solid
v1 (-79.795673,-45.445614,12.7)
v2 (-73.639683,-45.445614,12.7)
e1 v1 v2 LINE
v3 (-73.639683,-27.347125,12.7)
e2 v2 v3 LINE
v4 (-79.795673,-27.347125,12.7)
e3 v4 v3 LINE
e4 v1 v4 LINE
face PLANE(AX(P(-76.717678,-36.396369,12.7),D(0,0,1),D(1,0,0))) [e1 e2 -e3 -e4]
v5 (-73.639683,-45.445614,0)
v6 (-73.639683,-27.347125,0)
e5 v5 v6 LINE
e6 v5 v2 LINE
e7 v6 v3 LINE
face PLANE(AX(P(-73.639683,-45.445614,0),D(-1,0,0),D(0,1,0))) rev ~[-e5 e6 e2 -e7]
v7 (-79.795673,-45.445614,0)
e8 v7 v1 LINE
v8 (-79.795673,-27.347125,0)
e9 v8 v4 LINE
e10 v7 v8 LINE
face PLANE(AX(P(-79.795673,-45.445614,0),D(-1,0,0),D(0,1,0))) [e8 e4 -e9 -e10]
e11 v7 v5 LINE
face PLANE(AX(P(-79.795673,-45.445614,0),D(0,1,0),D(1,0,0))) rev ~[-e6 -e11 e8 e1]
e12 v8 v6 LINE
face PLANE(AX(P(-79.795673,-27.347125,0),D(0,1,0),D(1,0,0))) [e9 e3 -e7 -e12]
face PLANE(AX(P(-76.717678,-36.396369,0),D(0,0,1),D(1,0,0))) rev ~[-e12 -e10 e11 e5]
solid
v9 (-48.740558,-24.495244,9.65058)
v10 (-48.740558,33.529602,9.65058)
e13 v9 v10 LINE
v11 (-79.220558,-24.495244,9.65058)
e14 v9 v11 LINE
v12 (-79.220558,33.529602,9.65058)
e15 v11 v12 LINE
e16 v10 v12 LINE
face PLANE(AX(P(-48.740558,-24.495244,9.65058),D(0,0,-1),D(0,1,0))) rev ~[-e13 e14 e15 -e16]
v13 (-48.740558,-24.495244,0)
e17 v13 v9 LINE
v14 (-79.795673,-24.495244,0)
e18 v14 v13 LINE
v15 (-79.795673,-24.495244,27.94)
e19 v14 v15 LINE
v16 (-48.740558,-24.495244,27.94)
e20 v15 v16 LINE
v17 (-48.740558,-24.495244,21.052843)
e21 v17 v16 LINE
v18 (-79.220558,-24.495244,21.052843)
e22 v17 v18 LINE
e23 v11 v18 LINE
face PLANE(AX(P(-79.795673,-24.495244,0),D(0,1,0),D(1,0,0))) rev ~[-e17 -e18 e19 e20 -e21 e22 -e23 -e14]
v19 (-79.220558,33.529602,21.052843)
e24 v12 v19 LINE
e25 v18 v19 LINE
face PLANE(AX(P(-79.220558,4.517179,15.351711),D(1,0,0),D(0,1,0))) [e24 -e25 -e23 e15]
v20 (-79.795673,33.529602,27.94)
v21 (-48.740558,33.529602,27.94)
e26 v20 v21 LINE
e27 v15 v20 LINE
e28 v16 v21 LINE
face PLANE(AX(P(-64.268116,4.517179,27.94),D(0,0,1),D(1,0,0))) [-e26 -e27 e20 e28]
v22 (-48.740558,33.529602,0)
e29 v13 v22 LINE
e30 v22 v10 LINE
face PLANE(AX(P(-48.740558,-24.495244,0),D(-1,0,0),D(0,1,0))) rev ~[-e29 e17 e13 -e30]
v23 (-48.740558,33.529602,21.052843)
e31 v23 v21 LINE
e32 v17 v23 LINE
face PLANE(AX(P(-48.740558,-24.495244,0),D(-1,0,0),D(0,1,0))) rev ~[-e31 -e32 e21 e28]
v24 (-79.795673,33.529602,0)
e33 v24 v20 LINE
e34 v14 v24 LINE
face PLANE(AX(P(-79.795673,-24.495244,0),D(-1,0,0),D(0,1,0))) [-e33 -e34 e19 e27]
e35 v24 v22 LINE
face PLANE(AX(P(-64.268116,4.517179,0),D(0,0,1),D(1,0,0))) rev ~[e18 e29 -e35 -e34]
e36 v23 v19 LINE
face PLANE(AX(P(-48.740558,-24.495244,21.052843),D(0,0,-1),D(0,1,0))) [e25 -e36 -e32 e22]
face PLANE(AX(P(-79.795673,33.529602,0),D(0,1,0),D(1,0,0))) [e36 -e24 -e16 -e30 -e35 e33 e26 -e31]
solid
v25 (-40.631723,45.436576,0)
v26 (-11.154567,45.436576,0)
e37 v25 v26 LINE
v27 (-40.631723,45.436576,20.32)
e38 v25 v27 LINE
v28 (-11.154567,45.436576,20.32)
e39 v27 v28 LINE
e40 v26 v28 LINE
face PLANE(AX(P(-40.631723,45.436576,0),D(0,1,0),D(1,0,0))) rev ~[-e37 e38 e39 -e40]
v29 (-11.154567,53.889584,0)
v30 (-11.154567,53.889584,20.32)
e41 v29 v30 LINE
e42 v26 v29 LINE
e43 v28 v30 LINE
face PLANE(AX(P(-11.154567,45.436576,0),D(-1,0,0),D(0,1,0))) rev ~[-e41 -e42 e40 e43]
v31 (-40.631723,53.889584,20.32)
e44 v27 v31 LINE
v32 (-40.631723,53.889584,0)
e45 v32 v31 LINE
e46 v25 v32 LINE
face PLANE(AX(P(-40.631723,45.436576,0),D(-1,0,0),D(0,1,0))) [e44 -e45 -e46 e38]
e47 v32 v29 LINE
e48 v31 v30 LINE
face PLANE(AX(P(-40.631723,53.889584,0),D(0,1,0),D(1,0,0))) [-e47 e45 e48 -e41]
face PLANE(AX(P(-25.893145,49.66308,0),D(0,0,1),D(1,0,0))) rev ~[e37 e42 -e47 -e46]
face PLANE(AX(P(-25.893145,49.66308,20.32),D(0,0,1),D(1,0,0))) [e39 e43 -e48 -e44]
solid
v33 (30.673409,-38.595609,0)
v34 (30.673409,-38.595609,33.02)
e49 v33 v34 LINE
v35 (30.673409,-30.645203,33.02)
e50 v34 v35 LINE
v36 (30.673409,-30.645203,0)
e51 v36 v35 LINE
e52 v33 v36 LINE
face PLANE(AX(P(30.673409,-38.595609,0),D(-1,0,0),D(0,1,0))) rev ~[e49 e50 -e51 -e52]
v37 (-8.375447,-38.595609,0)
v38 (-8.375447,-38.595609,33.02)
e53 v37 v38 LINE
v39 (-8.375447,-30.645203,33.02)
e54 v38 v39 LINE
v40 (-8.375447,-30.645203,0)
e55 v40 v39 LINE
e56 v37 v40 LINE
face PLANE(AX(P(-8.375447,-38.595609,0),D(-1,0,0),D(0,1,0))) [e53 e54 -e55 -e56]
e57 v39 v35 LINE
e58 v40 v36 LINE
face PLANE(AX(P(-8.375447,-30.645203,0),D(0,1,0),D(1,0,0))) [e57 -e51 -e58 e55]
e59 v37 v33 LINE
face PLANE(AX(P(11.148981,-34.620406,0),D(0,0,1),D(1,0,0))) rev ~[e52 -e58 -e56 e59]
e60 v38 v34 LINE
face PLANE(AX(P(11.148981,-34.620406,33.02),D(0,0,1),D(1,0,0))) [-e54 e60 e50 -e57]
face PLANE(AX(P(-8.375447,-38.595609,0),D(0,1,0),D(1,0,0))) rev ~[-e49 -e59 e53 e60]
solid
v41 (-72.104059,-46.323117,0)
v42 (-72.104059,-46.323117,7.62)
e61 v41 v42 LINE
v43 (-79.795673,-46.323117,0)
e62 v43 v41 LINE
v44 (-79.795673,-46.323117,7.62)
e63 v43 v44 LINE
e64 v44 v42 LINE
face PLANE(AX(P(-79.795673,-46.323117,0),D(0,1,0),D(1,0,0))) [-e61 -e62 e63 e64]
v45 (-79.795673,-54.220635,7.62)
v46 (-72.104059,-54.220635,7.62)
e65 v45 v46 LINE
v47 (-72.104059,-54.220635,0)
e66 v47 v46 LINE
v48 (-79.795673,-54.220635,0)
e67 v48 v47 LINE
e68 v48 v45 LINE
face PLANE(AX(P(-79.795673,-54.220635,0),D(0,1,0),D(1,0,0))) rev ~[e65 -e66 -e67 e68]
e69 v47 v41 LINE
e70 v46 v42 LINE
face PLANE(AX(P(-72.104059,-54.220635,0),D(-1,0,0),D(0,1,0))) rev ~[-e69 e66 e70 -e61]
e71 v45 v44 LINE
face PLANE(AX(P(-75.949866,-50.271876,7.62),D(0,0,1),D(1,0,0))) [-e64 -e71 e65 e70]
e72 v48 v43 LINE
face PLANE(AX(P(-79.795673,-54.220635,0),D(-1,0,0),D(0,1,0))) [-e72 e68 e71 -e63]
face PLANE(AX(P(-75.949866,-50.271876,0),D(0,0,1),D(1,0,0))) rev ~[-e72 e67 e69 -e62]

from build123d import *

# Parameters (mm, degrees)
F0_W     = 31.0551151633
F0_H     = 58.0248460174
F1_DEPTH = 27.94
F0_W_2   = 6.1559900641
F0_H_2   = 18.0984884501
F2_DEPTH = 12.7
F0_W_3   = 7.6916143298
F0_H_3   = 7.8975185752
F3_DEPTH = 7.62
F0_W_4   = 39.0488561243
F0_H_4   = 7.9504065216
F4_DEPTH = 33.02
F0_W_5   = 29.4771557674
F0_H_5   = 8.4530077875
F5_DEPTH = 20.32
F6_W     = 58.0248460174
F6_H     = 11.4022633061
F7_DEPTH = 30.48


with BuildPart() as f1:
    # F0 (on Top) → F1 (new body)
    with BuildSketch(Plane.XY):
        with Locations((-64.2681159079, 4.5171789825)):
            Rectangle(F0_W, F0_H)
    extrude(amount=F1_DEPTH)

    # F6 (on face) → F7 (cut)
    with BuildSketch(Plane.YZ.offset(-48.7405583262)):
        with Locations((4.5171789825, 15.3517113067)):
            Rectangle(F6_W, F6_H)
    extrude(amount=-F7_DEPTH, mode=Mode.SUBTRACT)


with BuildPart() as f2:
    # F0 (on Top) → F2 (new body)
    with BuildSketch(Plane.XY):
        with Locations((-76.7176784575, -36.396369338)):
            Rectangle(F0_W_2, F0_H_2)
    extrude(amount=F2_DEPTH)


with BuildPart() as f3:
    # F0 (on Top) → F3 (new body)
    with BuildSketch(Plane.XY):
        with Locations((-75.9498663247, -50.2718761563)):
            Rectangle(F0_W_3, F0_H_3)
    extrude(amount=F3_DEPTH)


with BuildPart() as f4:
    # F0 (on Top) → F4 (new body)
    with BuildSketch(Plane.XY):
        with Locations((11.1489808187, -34.6204061061)):
            Rectangle(F0_W_4, F0_H_4)
    extrude(amount=F4_DEPTH)


with BuildPart() as f5:
    # F0 (on Top) → F5 (new body)
    with BuildSketch(Plane.XY):
        with Locations((-25.8931447752, 49.6630799025)):
            Rectangle(F0_W_5, F0_H_5)
    extrude(amount=F5_DEPTH)


solid = Compound([f1.part, f2.part, f3.part, f4.part, f5.part])
